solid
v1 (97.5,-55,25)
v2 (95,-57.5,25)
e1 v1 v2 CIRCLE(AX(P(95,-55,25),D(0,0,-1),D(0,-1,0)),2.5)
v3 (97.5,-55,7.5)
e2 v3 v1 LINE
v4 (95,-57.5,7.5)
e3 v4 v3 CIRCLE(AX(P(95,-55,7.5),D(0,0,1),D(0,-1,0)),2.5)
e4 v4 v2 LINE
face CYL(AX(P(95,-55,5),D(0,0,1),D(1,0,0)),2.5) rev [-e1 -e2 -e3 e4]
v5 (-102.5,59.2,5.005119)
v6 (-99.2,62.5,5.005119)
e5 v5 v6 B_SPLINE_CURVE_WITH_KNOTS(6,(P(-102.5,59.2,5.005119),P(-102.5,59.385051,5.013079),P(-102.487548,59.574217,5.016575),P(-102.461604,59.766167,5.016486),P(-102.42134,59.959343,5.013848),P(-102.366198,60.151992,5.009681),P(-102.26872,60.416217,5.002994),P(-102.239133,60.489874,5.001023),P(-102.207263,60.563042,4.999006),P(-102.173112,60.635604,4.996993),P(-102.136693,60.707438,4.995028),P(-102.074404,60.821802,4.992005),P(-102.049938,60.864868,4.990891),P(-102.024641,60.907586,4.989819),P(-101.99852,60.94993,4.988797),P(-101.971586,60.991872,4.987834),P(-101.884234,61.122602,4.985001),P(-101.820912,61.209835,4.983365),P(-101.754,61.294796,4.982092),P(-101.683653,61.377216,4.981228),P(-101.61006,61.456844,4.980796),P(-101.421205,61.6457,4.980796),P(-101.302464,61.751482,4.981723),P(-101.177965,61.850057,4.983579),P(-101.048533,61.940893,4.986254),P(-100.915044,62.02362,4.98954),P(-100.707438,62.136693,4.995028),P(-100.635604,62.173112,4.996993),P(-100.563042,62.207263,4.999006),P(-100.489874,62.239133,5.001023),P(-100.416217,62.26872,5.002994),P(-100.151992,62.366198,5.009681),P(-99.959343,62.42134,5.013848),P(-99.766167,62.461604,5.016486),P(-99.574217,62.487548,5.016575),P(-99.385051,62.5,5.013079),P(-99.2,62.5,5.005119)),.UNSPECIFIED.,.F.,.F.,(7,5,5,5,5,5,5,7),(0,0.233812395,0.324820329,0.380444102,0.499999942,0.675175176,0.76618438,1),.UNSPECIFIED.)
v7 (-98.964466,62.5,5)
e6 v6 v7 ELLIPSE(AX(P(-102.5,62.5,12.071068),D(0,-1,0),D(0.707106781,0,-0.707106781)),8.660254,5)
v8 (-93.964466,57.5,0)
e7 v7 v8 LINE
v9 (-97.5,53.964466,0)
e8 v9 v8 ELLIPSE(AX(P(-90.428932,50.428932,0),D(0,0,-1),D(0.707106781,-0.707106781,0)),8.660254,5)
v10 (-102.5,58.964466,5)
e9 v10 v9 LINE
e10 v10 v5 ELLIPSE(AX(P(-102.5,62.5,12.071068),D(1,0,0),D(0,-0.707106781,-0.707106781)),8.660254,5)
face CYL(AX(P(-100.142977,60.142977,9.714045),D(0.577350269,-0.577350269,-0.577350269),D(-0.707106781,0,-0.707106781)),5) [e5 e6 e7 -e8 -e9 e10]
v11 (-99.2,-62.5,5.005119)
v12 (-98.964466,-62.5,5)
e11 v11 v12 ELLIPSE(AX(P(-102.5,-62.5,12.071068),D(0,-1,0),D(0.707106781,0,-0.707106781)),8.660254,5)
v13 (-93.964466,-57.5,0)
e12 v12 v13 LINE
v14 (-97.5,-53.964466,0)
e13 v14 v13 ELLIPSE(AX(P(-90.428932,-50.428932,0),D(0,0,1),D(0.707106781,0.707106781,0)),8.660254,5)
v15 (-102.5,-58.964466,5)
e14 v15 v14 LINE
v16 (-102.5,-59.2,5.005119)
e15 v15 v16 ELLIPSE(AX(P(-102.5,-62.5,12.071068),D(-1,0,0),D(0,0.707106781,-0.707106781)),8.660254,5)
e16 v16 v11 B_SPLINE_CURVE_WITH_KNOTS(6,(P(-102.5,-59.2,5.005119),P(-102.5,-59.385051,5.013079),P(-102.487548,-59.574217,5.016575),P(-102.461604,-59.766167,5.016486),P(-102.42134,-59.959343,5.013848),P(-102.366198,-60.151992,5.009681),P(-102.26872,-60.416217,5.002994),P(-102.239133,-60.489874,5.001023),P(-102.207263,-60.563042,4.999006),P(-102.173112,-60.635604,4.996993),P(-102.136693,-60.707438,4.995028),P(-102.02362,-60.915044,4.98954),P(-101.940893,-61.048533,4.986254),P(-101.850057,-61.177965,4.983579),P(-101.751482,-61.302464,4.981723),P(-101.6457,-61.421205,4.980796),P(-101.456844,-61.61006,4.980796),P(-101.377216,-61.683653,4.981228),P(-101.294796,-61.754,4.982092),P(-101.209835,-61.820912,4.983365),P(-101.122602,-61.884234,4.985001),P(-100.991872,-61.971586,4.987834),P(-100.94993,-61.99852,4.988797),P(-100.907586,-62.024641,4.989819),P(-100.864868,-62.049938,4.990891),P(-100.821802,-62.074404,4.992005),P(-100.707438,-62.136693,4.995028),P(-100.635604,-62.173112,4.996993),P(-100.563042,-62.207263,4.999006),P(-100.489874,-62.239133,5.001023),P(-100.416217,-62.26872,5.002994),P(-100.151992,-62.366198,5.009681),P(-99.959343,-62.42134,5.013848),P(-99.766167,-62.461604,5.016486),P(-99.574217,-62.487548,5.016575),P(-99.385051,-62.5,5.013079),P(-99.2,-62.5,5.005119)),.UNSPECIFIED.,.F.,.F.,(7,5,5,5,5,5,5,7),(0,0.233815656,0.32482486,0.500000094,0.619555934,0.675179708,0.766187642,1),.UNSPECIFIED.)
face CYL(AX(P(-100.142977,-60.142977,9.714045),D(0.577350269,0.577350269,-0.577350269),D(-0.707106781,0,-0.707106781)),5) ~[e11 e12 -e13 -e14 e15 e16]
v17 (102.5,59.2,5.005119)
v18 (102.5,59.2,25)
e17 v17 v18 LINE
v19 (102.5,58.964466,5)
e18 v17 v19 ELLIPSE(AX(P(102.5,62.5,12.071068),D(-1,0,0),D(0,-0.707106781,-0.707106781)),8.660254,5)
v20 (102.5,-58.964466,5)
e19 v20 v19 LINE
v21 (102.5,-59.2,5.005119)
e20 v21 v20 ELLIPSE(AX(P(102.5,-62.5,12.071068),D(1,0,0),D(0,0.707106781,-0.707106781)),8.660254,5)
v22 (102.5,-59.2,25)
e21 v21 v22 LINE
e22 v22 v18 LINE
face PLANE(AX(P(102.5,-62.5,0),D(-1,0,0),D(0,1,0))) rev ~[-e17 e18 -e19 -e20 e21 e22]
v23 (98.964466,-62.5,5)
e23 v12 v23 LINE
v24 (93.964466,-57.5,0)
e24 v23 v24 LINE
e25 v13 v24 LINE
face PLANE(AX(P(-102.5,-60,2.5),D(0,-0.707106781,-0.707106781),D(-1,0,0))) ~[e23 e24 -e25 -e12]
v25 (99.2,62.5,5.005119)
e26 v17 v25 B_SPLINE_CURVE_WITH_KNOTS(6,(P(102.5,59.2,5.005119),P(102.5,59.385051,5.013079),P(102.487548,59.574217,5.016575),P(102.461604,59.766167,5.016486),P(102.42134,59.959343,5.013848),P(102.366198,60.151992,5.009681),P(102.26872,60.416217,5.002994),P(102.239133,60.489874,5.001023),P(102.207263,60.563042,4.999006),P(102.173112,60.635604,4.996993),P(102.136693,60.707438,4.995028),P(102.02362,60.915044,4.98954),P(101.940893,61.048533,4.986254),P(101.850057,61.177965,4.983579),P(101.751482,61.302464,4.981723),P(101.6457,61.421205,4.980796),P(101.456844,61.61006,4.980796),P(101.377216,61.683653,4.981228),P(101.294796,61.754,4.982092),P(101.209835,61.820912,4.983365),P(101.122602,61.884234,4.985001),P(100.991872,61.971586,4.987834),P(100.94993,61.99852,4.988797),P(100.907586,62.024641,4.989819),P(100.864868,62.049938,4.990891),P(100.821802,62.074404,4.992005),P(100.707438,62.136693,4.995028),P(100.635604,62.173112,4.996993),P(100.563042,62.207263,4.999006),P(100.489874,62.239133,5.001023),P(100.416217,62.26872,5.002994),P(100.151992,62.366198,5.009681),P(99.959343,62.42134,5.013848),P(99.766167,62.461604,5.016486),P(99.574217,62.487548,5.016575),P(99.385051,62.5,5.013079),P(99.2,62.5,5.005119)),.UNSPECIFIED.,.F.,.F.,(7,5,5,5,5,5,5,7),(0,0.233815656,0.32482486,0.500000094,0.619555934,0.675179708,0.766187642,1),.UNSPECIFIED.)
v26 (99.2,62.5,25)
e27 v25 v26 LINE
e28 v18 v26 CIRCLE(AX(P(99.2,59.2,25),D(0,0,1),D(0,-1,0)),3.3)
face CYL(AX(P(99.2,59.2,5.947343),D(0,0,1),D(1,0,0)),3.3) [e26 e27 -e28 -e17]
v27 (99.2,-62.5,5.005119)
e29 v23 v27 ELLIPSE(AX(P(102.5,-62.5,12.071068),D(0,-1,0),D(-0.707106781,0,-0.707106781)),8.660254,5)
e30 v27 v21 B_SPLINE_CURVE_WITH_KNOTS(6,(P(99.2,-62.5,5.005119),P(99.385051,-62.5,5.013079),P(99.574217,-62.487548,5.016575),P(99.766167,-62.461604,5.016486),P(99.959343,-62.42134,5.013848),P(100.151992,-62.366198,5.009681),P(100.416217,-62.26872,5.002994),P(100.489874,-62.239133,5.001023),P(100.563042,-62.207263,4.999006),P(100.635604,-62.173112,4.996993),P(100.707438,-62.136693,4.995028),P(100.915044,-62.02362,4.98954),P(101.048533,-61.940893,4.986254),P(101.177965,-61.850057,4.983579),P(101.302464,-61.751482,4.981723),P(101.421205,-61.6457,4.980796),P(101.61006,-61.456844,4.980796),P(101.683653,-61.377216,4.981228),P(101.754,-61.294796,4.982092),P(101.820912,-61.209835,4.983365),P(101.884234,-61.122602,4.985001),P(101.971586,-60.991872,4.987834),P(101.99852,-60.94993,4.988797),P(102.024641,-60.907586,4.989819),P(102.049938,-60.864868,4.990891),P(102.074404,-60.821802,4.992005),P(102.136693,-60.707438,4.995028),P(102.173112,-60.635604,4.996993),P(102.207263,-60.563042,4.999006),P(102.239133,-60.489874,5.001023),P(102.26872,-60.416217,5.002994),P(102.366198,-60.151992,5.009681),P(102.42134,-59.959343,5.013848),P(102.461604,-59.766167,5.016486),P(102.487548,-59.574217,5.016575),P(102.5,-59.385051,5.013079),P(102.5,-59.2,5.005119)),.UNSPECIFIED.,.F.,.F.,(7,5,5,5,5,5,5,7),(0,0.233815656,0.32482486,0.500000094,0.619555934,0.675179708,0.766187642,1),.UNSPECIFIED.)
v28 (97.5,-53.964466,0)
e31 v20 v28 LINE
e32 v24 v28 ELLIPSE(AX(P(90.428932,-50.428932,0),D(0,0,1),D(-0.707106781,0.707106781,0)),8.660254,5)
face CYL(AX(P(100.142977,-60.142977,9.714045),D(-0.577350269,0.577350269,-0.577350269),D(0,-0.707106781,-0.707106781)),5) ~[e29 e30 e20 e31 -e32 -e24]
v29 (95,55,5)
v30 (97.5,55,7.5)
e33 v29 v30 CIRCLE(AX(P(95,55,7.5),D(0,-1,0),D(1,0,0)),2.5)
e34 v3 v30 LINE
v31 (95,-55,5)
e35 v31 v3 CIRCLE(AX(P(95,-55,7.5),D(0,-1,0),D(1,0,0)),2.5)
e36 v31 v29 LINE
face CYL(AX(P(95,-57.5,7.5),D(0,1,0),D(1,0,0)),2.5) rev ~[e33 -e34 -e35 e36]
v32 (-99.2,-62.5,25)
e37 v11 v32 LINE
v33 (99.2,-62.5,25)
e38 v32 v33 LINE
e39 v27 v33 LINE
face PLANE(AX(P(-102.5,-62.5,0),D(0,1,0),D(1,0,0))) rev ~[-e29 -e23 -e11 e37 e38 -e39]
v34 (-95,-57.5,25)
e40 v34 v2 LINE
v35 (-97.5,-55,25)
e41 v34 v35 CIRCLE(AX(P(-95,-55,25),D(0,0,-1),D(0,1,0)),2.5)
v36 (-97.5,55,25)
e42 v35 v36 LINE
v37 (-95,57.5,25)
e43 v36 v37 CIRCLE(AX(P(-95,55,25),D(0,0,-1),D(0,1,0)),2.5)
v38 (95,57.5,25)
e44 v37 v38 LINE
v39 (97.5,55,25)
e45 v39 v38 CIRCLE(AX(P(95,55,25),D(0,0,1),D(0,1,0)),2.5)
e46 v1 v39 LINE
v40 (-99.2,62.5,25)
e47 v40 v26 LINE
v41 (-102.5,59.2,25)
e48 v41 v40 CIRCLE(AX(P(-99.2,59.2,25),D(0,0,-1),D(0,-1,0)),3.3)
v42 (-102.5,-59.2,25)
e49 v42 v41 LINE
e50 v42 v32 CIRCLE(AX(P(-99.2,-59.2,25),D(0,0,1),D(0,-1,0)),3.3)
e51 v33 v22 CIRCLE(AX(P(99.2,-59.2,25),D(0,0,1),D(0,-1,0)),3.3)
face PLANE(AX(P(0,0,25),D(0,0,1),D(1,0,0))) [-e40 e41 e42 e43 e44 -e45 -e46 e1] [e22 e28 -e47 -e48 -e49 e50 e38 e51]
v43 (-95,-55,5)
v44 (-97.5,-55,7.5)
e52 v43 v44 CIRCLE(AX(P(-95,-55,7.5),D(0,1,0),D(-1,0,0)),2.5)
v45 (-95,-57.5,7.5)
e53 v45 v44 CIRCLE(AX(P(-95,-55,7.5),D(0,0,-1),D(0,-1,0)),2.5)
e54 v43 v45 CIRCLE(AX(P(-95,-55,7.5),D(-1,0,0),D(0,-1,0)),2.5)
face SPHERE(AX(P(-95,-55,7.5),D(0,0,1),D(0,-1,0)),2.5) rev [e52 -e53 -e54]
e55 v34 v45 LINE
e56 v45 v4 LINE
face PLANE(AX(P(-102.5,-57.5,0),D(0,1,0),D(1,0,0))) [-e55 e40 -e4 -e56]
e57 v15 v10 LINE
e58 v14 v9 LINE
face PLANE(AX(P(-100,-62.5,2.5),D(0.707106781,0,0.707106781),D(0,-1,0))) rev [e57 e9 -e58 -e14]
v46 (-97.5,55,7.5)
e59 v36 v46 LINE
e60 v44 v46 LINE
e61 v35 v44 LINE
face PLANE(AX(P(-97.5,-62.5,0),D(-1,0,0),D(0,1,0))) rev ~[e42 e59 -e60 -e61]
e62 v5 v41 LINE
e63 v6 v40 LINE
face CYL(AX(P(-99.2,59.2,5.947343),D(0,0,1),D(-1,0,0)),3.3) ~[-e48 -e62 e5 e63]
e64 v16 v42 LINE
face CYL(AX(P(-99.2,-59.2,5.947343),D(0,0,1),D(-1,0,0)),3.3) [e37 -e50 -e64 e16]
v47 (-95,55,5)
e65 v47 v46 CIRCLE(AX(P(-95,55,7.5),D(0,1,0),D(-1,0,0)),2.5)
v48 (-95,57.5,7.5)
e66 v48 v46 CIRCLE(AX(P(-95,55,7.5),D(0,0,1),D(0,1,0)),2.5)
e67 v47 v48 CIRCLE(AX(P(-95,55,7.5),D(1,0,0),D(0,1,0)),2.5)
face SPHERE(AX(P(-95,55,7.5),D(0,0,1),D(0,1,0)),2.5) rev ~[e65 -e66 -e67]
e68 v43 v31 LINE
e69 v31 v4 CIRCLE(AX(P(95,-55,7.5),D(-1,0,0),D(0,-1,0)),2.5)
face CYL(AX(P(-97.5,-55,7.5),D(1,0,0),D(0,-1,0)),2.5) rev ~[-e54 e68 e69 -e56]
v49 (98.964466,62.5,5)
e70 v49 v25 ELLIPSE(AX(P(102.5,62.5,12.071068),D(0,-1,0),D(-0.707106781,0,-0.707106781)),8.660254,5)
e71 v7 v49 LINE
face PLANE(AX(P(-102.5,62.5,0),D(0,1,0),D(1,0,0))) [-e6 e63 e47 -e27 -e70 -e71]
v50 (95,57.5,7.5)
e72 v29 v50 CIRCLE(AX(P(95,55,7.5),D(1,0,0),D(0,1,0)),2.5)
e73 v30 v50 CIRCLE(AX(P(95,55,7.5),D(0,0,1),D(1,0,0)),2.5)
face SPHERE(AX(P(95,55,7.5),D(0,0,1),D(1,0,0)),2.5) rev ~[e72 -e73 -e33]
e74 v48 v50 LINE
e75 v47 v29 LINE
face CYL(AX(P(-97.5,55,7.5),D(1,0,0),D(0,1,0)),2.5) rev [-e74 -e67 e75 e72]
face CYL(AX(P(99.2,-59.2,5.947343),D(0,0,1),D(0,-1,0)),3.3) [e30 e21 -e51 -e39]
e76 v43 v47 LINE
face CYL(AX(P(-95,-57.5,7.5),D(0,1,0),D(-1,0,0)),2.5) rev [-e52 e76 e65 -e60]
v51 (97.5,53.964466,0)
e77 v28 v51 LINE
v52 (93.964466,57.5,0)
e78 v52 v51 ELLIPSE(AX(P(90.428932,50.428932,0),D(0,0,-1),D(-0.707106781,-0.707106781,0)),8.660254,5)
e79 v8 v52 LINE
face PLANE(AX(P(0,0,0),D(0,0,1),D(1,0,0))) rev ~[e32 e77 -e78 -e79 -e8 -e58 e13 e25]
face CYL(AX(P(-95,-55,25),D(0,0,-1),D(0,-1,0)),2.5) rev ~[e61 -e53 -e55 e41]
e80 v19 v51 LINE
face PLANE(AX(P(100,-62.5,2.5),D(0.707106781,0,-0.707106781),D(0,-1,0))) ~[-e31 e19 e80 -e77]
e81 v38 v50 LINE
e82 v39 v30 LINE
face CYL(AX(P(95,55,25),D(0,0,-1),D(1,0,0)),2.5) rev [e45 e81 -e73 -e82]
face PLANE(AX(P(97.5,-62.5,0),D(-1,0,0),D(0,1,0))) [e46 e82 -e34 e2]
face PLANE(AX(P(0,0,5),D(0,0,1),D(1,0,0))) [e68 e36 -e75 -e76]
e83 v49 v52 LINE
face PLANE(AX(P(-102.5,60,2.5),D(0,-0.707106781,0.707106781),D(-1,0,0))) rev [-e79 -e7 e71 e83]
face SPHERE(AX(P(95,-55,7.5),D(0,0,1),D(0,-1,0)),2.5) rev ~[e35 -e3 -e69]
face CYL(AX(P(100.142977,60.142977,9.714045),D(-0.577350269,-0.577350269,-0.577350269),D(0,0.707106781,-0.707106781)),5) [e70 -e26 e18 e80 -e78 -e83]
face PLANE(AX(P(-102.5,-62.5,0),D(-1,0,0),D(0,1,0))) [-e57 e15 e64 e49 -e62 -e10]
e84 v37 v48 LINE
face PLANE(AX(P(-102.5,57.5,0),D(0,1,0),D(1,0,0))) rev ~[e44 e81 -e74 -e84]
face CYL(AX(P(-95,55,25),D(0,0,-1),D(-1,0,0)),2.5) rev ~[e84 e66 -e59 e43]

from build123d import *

# Parameters (mm, degrees)
F2_W     = 205
F2_H     = 125
F3_DEPTH = 25
F4_T     = -5
F5_SIZE  = 5
F6_R     = 5
F7_R     = 2.5
F8_R     = 3.3


with BuildPart() as f3:
    # F2 (on Top) → F3 (new body)
    with BuildSketch(Plane.XY):
        Rectangle(F2_W, F2_H)
    extrude(amount=F3_DEPTH)

    # F4
    f4_openings = [f3.faces().sort_by_distance(p)[0] for p in [
        (0, 0, 25),
    ]]
    offset(amount=F4_T, openings=f4_openings)

    # F5
    f5_edges = [f3.edges().sort_by_distance(p)[0] for p in [
        (0, 62.5, 0),
        (-102.5, 0, 0),
        (0, -62.5, 0),
        (102.5, 0, 0),
    ]]
    chamfer(f5_edges, length=F5_SIZE)

    # F6
    f6_edges = [f3.edges().sort_by_distance(p)[0] for p in [
        (100, -60, 2.5),
        (-100, 60, 2.5),
        (-100, -60, 2.5),
        (100, 60, 2.5),
    ]]
    fillet(f6_edges, radius=F6_R)

    # F7
    f7_edges = [f3.edges().sort_by_distance(p)[0] for p in [
        (-97.5, -57.5, 15),
        (-97.5, 57.5, 15),
        (97.5, 57.5, 15),
        (97.5, -57.5, 15),
        (0, -57.5, 5),
        (97.5, 0, 5),
        (0, 57.5, 5),
        (-97.5, 0, 5),
    ]]
    fillet(f7_edges, radius=F7_R)

    # F8
    f8_edges = [f3.edges().sort_by_distance(p)[0] for p in [
        (102.5, 62.5, 15.473672),
        (102.5, -62.5, 15.473672),
        (-102.5, -62.5, 15.473672),
        (-102.5, 62.5, 15.473672),
    ]]
    fillet(f8_edges, radius=F8_R)


solid = f3.part
